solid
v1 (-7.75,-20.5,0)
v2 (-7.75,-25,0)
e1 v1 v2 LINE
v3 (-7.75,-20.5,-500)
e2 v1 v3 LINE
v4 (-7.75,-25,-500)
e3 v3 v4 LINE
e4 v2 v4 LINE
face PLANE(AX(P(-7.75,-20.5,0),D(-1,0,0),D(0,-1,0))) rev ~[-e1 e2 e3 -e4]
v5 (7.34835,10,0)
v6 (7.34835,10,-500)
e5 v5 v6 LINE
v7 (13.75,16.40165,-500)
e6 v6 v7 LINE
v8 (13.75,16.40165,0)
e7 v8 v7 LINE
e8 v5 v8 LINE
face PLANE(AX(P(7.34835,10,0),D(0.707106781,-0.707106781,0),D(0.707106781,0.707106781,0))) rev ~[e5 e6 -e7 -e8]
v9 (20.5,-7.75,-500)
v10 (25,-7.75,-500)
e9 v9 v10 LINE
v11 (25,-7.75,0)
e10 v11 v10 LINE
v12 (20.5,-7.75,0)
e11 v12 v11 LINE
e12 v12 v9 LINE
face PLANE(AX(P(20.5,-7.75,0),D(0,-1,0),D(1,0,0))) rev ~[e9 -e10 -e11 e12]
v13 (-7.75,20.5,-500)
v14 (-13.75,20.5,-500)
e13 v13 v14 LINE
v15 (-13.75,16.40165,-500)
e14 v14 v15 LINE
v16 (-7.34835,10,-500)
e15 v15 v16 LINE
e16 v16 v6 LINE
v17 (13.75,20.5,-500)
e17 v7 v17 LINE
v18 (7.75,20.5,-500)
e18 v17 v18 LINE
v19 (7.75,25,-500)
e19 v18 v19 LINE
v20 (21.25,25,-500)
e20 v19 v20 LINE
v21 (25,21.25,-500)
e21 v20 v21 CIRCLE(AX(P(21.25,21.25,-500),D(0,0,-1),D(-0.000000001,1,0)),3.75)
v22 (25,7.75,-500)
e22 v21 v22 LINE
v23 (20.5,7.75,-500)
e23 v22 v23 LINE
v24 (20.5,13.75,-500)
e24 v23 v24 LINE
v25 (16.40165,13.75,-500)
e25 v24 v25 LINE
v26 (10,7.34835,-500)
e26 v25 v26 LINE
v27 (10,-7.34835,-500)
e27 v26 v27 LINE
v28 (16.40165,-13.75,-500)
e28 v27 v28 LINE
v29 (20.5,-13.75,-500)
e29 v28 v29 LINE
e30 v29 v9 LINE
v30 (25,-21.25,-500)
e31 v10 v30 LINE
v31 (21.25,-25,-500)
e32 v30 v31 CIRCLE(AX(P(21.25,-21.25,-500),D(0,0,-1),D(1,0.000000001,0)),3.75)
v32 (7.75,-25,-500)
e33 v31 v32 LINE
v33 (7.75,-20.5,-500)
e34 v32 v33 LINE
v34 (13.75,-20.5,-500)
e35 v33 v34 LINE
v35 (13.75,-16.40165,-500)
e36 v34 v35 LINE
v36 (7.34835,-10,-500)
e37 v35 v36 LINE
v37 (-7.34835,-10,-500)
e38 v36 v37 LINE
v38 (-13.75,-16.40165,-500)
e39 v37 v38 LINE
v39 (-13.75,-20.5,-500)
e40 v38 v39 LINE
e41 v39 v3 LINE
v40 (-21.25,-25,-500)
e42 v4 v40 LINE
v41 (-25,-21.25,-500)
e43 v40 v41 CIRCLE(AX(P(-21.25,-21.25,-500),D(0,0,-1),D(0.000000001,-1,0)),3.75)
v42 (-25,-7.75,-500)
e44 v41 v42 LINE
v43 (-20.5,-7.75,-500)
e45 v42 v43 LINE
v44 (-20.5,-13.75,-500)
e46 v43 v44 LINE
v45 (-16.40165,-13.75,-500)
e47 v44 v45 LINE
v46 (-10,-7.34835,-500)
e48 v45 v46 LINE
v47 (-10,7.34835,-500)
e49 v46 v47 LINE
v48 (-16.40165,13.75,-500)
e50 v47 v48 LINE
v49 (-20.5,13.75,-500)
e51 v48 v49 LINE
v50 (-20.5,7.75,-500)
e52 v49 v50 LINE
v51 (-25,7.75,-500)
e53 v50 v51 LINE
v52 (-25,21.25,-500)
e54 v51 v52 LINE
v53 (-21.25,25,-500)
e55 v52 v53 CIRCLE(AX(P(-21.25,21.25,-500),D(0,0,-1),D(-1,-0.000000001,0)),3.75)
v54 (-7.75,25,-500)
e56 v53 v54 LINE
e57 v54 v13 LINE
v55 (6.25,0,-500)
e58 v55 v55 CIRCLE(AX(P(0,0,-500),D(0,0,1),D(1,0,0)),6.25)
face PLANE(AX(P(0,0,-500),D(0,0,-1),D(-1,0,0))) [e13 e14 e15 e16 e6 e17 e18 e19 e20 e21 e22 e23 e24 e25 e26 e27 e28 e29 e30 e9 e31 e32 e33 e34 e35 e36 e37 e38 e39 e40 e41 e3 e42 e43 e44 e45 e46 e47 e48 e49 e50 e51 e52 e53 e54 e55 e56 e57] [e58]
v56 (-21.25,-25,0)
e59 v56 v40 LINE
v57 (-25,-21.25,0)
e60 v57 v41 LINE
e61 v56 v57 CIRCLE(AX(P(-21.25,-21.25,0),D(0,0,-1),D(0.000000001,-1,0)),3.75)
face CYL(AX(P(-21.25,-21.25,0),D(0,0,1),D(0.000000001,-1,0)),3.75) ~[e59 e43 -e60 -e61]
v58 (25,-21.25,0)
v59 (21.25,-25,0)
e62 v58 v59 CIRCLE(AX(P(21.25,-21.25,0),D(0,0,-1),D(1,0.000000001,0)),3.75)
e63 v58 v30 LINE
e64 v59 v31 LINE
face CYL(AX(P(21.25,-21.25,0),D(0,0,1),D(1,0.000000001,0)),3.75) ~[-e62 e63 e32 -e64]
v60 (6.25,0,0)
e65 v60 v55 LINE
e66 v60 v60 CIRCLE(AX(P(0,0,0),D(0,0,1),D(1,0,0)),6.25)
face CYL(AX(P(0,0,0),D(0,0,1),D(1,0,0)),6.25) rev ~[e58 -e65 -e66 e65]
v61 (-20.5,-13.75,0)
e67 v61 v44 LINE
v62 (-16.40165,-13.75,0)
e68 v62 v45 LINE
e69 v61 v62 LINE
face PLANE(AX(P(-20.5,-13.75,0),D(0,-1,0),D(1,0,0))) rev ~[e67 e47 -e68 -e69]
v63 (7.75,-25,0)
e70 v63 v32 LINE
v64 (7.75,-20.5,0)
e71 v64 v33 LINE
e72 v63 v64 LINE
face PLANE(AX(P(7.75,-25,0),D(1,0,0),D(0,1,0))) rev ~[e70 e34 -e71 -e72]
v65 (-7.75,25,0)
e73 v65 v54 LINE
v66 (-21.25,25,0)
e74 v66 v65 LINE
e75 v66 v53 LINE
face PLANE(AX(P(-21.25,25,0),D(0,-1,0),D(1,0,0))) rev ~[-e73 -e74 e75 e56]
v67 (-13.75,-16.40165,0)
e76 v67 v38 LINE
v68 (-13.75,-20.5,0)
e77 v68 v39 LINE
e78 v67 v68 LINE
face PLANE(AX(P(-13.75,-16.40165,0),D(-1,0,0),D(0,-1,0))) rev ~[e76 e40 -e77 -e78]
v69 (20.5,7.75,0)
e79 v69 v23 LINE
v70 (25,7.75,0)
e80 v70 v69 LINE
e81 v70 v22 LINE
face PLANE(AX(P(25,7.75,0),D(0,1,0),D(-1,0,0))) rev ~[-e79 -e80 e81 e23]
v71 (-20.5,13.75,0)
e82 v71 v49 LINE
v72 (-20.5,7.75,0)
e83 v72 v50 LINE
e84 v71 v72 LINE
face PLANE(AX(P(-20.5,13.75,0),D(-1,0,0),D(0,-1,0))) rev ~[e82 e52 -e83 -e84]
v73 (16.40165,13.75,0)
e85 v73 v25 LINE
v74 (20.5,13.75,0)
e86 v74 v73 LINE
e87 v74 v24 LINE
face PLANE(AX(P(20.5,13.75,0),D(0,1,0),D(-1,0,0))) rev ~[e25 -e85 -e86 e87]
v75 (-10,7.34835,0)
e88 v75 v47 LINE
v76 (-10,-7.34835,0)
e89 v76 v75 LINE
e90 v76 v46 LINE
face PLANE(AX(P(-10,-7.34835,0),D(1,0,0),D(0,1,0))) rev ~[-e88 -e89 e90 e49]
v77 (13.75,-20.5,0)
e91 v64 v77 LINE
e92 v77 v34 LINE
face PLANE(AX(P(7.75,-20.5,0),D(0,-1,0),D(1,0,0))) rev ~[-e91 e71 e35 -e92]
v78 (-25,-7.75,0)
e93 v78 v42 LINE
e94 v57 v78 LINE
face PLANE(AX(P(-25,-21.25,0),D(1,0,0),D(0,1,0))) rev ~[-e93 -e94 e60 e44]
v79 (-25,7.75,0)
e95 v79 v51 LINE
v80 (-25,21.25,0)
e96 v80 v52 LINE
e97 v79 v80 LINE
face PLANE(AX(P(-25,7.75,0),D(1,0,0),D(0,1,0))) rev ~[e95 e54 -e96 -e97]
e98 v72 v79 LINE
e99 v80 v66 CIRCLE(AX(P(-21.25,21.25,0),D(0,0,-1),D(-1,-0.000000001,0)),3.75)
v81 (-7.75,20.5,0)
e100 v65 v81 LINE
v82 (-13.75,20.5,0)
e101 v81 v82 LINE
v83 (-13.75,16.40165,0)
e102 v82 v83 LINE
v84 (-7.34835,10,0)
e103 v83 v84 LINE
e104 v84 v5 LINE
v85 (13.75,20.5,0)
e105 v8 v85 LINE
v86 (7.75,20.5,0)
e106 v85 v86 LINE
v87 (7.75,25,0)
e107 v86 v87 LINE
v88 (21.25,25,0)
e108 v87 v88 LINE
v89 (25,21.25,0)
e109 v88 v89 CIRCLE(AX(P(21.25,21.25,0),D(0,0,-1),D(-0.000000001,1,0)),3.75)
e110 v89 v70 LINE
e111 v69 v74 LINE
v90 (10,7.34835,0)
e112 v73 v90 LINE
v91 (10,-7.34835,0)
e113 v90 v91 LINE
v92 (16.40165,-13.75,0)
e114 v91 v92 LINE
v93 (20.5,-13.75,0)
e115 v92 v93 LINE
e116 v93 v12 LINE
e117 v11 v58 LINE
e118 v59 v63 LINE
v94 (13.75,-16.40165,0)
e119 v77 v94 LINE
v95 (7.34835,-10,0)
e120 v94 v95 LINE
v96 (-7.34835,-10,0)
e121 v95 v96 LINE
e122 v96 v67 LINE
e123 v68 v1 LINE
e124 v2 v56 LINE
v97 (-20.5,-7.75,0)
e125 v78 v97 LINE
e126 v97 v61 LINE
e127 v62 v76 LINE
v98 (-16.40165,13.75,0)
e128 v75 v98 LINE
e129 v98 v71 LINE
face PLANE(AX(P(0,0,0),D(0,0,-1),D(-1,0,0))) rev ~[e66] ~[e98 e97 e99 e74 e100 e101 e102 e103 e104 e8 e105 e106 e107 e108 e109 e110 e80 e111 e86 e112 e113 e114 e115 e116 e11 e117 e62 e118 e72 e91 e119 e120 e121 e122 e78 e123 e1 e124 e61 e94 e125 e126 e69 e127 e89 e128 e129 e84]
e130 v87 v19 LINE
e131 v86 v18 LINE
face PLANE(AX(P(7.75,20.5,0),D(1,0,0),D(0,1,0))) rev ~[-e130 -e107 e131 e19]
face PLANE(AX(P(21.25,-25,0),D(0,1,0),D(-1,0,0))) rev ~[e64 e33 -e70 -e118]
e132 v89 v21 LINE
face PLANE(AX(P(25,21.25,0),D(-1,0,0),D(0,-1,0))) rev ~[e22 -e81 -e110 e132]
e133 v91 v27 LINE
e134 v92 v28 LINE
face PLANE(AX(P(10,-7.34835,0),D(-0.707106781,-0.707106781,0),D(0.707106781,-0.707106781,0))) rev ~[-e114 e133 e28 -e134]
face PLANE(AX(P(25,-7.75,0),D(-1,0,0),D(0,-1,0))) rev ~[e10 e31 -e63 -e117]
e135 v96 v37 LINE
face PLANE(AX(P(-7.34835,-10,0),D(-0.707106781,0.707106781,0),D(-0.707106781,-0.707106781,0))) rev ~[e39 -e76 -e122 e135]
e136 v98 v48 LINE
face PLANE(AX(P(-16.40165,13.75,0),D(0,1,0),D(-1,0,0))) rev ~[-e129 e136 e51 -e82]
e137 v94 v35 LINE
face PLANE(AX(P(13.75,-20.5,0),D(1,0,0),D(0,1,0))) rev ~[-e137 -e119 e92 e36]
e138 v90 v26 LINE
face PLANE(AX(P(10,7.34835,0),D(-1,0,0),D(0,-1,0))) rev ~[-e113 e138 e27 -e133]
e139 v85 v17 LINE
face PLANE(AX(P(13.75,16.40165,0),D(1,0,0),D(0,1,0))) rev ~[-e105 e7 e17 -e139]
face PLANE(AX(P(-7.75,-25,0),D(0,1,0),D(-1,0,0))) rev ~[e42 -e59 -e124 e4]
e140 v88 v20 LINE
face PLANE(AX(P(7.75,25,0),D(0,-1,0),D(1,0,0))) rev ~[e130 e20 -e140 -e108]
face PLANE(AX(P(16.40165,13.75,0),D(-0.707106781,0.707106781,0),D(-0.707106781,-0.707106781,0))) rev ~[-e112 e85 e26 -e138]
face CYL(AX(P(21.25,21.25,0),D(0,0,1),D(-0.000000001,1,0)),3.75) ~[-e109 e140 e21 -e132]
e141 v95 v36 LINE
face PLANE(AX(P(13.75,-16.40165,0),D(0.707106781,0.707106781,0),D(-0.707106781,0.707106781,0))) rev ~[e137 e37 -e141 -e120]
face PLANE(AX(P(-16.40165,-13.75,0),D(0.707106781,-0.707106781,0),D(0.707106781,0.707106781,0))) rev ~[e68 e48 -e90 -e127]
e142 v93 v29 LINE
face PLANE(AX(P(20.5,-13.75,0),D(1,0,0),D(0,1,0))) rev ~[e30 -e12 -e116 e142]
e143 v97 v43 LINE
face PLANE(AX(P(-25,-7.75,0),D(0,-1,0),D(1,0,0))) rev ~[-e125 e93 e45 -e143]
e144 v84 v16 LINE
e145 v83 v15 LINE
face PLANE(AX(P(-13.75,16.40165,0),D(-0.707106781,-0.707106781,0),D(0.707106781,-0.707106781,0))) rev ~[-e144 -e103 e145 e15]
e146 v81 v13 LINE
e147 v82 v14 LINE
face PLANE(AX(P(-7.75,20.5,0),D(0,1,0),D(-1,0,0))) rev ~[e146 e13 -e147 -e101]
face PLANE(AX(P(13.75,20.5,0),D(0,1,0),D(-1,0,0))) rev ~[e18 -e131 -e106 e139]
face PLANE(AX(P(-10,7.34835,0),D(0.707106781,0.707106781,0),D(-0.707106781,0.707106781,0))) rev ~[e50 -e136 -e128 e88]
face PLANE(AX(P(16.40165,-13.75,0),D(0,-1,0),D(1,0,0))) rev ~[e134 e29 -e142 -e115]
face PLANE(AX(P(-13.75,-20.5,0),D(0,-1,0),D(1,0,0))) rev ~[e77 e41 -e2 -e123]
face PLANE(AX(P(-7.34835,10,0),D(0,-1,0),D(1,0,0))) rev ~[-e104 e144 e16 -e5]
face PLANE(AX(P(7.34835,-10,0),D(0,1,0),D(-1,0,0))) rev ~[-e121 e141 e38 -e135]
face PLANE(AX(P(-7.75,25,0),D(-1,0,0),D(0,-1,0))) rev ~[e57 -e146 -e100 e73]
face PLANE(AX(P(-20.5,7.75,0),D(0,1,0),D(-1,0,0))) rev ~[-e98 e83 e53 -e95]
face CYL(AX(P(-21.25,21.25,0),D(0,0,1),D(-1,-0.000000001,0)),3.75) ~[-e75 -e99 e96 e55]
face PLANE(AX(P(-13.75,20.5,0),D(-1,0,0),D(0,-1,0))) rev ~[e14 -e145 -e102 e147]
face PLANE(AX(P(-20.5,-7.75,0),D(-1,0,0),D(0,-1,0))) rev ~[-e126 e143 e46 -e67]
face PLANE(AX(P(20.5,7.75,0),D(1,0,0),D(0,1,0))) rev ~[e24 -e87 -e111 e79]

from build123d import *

# Parameters (mm, degrees)
SKETCH_1_R      = 2.5
EXTRUDE_2_DEPTH = 200
SCALE1_SCALE    = 2.5


with BuildPart() as part:
    # 草图1 → 凸台-拉伸2 (new body)
    with BuildSketch(Plane.XY):
        with BuildLine():
            Line((5.5, -8.2), (5.5, -6.560660172))
            Line((5.5, -6.560660172), (2.939339828, -4))
            Line((2.939339828, -4), (-2.939339828, -4))
            Line((-2.939339828, -4), (-5.5, -6.560660172))
            Line((-5.5, -6.560660172), (-5.5, -8.2))
            Line((-5.5, -8.2), (-3.1, -8.2))
            Line((-3.1, -8.2), (-3.1, -10))
            Line((-3.1, -10), (-8.5, -10))
            ThreePointArc((-8.5, -10), (-9.560660172, -9.560660172), (-10, -8.5))
            Line((-10, -8.5), (-10, -3.1))
            Line((-10, -3.1), (-8.2, -3.1))
            Line((-8.2, -3.1), (-8.2, -5.5))
            Line((-8.2, -5.5), (-6.560660172, -5.5))
            Line((-6.560660172, -5.5), (-4, -2.939339828))
            Line((-4, -2.939339828), (-4, 2.939339828))
            Line((-4, 2.939339828), (-6.560660172, 5.5))
            Line((-6.560660172, 5.5), (-8.2, 5.5))
            Line((-8.2, 5.5), (-8.2, 3.1))
            Line((-8.2, 3.1), (-10, 3.1))
            Line((-10, 3.1), (-10, 8.5))
            ThreePointArc((-10, 8.5), (-9.560660172, 9.560660172), (-8.5, 10))
            Line((-8.5, 10), (-3.1, 10))
            Line((-3.1, 10), (-3.1, 8.2))
            Line((-3.1, 8.2), (-5.5, 8.2))
            Line((-5.5, 8.2), (-5.5, 6.560660172))
            Line((-5.5, 6.560660172), (-2.939339828, 4))
            Line((-2.939339828, 4), (2.939339828, 4))
            Line((2.939339828, 4), (5.5, 6.560660172))
            Line((5.5, 6.560660172), (5.5, 8.2))
            Line((5.5, 8.2), (3.1, 8.2))
            Line((3.1, 8.2), (3.1, 10))
            Line((3.1, 10), (8.5, 10))
            ThreePointArc((8.5, 10), (9.560660172, 9.560660172), (10, 8.5))
            Line((10, 8.5), (10, 3.1))
            Line((10, 3.1), (8.2, 3.1))
            Line((8.2, 3.1), (8.2, 5.5))
            Line((8.2, 5.5), (6.560660172, 5.5))
            Line((6.560660172, 5.5), (4, 2.939339828))
            Line((4, 2.939339828), (4, -2.939339828))
            Line((4, -2.939339828), (6.560660172, -5.5))
            Line((6.560660172, -5.5), (8.2, -5.5))
            Line((8.2, -5.5), (8.2, -3.1))
            Line((8.2, -3.1), (10, -3.1))
            Line((10, -3.1), (10, -8.5))
            ThreePointArc((10, -8.5), (9.560660172, -9.560660172), (8.5, -10))
            Line((8.5, -10), (3.1, -10))
            Line((3.1, -10), (3.1, -8.2))
            Line((3.1, -8.2), (5.5, -8.2))
        make_face()
        Circle(SKETCH_1_R, mode=Mode.SUBTRACT)
    extrude(amount=-EXTRUDE_2_DEPTH)


with BuildPart() as part_1:
    # Scale1: scaled about (0, 0, 0)
    add(part.part.scale(SCALE1_SCALE))


solid = part_1.part
